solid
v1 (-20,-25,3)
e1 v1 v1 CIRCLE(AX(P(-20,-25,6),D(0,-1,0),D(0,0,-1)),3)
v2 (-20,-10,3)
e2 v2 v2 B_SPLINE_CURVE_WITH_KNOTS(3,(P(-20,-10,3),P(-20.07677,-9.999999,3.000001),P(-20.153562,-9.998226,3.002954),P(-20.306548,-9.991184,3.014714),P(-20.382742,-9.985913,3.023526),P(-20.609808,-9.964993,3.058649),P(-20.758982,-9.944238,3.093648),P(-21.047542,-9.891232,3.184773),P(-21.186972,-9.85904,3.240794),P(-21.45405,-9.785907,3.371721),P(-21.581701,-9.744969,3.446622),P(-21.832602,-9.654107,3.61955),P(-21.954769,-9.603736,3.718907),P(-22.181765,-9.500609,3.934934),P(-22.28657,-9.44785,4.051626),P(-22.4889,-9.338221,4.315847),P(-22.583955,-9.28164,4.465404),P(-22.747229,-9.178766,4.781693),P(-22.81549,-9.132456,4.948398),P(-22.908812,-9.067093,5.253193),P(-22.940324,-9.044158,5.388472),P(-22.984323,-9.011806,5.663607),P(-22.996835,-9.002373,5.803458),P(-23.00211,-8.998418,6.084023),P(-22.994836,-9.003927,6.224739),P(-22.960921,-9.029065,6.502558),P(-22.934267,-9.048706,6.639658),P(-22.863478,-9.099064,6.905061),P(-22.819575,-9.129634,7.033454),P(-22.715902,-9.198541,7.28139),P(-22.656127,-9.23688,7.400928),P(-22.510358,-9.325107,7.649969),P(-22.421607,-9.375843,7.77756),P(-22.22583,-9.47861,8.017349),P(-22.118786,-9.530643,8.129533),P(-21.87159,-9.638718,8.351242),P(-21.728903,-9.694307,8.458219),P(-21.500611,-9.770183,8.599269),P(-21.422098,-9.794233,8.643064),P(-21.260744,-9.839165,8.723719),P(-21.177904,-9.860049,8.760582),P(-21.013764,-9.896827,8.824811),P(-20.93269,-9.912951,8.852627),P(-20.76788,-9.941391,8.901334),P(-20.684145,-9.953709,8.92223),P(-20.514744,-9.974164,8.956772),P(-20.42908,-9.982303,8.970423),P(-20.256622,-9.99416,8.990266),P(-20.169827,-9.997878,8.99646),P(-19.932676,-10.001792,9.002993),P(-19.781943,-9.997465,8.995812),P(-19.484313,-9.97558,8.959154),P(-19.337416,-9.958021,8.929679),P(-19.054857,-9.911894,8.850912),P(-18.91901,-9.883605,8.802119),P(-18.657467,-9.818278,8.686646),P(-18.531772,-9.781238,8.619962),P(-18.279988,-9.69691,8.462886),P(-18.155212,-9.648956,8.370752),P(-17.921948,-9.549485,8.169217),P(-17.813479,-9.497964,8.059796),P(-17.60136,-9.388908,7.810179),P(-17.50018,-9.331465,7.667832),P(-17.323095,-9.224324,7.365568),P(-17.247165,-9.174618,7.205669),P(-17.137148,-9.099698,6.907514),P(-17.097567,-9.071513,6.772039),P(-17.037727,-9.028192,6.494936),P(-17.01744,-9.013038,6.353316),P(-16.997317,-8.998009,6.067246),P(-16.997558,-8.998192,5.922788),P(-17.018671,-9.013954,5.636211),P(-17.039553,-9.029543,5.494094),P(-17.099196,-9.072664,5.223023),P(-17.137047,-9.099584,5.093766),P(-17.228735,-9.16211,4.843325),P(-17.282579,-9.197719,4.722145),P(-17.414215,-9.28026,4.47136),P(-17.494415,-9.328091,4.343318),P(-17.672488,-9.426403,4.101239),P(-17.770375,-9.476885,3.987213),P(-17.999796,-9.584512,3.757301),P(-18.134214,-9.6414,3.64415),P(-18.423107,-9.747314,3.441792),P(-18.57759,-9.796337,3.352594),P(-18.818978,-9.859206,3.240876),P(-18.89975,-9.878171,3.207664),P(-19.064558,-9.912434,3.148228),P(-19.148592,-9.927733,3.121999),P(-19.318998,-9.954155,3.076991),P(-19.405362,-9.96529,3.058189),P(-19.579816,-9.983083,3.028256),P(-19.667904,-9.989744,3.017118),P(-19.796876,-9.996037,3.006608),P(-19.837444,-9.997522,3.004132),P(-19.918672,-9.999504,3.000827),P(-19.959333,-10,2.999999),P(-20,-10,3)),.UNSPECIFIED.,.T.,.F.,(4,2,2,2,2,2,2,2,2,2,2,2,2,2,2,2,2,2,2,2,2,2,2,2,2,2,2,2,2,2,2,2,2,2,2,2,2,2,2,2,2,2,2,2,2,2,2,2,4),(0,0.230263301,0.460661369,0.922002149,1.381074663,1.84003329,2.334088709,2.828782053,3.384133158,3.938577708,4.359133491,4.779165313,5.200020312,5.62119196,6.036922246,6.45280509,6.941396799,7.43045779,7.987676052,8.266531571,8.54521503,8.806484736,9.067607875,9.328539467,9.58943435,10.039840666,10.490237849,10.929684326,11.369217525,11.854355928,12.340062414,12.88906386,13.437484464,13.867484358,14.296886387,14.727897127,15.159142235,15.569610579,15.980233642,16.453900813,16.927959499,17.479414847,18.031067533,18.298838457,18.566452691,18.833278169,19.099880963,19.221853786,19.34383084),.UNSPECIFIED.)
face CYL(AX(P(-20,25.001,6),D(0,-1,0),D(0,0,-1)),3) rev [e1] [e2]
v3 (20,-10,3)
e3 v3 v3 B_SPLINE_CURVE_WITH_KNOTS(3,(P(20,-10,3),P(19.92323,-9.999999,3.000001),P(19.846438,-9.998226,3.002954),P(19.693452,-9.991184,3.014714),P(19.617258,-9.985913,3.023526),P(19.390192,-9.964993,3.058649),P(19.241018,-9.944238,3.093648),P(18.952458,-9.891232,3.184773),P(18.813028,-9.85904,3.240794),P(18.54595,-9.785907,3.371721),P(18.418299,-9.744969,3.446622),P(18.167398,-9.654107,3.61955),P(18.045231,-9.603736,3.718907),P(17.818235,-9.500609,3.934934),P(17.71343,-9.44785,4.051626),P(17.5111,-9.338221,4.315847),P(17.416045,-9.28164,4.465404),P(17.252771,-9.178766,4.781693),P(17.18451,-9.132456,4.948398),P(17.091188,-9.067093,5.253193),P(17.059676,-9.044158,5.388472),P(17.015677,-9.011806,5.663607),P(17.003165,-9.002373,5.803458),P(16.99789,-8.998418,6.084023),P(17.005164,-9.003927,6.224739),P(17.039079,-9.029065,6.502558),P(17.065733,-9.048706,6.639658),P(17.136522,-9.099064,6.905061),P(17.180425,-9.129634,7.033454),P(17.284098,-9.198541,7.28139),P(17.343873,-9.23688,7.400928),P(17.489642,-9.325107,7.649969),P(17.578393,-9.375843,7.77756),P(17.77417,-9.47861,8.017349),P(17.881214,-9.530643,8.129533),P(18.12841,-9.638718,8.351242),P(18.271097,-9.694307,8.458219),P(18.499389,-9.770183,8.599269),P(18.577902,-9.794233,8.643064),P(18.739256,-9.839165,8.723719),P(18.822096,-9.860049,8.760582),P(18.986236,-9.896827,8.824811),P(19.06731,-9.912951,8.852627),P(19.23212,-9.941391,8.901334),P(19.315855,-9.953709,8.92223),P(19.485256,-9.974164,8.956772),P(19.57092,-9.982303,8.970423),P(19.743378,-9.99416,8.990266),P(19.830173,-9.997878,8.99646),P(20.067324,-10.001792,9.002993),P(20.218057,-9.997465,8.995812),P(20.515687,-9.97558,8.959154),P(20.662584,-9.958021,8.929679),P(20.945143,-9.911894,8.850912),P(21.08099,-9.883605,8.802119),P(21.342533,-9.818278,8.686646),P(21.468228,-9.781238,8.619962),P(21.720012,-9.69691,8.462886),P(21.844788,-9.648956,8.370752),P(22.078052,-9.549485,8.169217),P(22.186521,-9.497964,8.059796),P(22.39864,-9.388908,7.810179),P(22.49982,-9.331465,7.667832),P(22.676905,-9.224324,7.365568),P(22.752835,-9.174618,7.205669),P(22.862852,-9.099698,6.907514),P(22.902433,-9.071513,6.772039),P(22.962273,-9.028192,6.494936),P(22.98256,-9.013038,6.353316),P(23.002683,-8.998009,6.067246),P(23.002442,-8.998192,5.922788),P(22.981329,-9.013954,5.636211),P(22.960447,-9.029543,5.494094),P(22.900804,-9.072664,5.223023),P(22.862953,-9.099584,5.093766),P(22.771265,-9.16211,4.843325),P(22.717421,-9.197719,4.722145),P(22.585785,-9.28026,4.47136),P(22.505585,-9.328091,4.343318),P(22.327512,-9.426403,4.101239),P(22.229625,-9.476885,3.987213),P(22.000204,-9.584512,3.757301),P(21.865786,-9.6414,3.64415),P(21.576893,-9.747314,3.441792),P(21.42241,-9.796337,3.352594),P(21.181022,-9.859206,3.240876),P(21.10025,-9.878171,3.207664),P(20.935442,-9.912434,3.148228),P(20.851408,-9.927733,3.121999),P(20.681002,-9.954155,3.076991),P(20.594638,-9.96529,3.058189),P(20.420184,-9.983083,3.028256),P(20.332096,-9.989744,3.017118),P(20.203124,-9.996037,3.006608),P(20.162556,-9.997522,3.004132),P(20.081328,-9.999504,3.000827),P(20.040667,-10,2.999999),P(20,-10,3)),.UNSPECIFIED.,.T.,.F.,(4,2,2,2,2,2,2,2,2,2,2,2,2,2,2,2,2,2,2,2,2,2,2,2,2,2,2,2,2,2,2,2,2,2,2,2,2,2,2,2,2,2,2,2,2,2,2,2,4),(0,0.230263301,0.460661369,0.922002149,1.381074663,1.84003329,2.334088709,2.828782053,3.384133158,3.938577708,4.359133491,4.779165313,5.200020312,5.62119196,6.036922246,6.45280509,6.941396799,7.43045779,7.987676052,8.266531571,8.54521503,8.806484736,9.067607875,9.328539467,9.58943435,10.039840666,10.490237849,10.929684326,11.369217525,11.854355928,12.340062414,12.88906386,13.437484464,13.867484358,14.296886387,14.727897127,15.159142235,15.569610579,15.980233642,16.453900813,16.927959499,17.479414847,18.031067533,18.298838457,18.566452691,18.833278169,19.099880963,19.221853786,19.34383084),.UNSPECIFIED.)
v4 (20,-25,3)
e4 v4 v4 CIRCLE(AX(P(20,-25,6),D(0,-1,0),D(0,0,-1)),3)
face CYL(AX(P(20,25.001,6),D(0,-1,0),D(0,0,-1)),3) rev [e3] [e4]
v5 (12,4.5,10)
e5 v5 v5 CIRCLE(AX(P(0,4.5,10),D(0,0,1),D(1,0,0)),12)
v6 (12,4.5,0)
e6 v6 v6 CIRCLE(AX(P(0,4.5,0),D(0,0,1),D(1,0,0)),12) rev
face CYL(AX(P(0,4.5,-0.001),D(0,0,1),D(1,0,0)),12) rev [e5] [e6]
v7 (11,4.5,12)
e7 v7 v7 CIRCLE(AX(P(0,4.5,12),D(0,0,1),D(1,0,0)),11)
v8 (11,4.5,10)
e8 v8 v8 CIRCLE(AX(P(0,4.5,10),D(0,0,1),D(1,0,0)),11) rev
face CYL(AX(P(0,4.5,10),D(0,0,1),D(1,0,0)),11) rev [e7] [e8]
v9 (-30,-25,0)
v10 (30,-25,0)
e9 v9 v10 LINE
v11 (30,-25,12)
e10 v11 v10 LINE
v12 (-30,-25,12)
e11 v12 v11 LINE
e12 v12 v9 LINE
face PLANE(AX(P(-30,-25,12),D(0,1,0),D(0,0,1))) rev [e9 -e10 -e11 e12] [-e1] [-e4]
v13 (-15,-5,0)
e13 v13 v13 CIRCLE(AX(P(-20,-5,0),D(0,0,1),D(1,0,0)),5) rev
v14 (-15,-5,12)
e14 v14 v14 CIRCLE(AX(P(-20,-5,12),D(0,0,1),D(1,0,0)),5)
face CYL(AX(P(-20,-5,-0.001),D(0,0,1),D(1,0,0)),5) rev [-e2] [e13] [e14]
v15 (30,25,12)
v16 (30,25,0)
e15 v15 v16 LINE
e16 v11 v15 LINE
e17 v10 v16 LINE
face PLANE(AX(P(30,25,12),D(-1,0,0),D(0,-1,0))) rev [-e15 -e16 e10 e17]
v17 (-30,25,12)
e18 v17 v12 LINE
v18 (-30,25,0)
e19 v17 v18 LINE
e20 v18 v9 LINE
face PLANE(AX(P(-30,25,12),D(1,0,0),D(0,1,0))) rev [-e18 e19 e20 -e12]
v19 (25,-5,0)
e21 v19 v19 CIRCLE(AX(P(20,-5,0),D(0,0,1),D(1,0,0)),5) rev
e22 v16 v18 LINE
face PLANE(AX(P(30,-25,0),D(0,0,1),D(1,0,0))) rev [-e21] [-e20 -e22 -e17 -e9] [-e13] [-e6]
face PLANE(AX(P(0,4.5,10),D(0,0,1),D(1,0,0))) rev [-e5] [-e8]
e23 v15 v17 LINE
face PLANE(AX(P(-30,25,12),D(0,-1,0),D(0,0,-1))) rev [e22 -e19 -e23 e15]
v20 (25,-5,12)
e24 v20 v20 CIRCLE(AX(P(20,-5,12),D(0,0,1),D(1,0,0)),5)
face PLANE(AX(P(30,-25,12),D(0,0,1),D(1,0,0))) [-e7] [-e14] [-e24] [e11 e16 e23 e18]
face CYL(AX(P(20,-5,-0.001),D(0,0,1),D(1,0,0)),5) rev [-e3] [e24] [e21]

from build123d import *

# Parameters (mm, degrees)
SKETCH1_W           = 60
SKETCH1_H           = 50
BOSS_EXTRUDE1_DEPTH = 12
SKETCH2_R           = 11
CUT_EXTRUDE1_DEPTH  = 2
CUT_EXTRUDE2_REACH  = 42.853
SKETCH3_R           = 5
CUT_EXTRUDE3_REACH  = 61.532
SKETCH4_R           = 3
CUT_EXTRUDE5_REACH  = 42.311
SKETCH6_R           = 12


with BuildPart() as part:
    # Sketch1 → Boss-Extrude1 (new body)
    with BuildSketch(Plane.XY):
        Rectangle(SKETCH1_W, SKETCH1_H)
    extrude(amount=BOSS_EXTRUDE1_DEPTH)

    # Sketch2 → Cut-Extrude1 (cut)
    with BuildSketch(Plane.XY.offset(12)):
        with Locations((0, 4.5)):
            Circle(SKETCH2_R)
    extrude(amount=-CUT_EXTRUDE1_DEPTH, mode=Mode.SUBTRACT)

    # Sketch3 → Cut-Extrude2 (cut, up to next)
    with BuildSketch(Plane.XY.offset(12), mode=Mode.PRIVATE) as cut_extrude2_sk1:
        with Locations((-20, -5)):
            Circle(SKETCH3_R)
    cut_extrude2_tool1 = extrude(cut_extrude2_sk1.sketch, amount=-CUT_EXTRUDE2_REACH, mode=Mode.PRIVATE) & part.part
    # Sketch3 → Cut-Extrude2 (cut, up to next)
    with BuildSketch(Plane.XY.offset(12), mode=Mode.PRIVATE) as cut_extrude2_sk2:
        with Locations((20, -5)):
            Circle(SKETCH3_R)
    cut_extrude2_tool2 = extrude(cut_extrude2_sk2.sketch, amount=-CUT_EXTRUDE2_REACH, mode=Mode.PRIVATE) & part.part
    add(cut_extrude2_tool1.solids().sort_by_distance((-20, -5, 12))[0], mode=Mode.SUBTRACT)
    add(cut_extrude2_tool2.solids().sort_by_distance((20, -5, 12))[0], mode=Mode.SUBTRACT)

    # Sketch4 → Cut-Extrude3 (cut, up to next)
    with BuildSketch(Plane.XZ.offset(25), mode=Mode.PRIVATE) as cut_extrude3_sk1:
        with Locations(Location((20, 6, 0), (0, 0, 270))):
            Circle(SKETCH4_R)
    cut_extrude3_tool1 = extrude(cut_extrude3_sk1.sketch, amount=-CUT_EXTRUDE3_REACH, mode=Mode.PRIVATE) & part.part
    # Sketch4 → Cut-Extrude3 (cut, up to next)
    with BuildSketch(Plane.XZ.offset(25), mode=Mode.PRIVATE) as cut_extrude3_sk2:
        with Locations(Location((-20, 6, 0), (0, 0, 270))):
            Circle(SKETCH4_R)
    cut_extrude3_tool2 = extrude(cut_extrude3_sk2.sketch, amount=-CUT_EXTRUDE3_REACH, mode=Mode.PRIVATE) & part.part
    add(cut_extrude3_tool1.solids().sort_by_distance((20, -25, 6))[0], mode=Mode.SUBTRACT)
    add(cut_extrude3_tool2.solids().sort_by_distance((-20, -25, 6))[0], mode=Mode.SUBTRACT)

    # Sketch6 → Cut-Extrude5 (cut, up to next)
    with BuildSketch(Plane.XY.offset(10), mode=Mode.PRIVATE) as cut_extrude5_sk1:
        with Locations((0, 4.5)):
            Circle(SKETCH6_R)
    cut_extrude5_tool1 = extrude(cut_extrude5_sk1.sketch, amount=-CUT_EXTRUDE5_REACH, mode=Mode.PRIVATE) & part.part
    add(cut_extrude5_tool1.solids().sort_by_distance((0, 4.5, 10))[0], mode=Mode.SUBTRACT)


solid = part.part
